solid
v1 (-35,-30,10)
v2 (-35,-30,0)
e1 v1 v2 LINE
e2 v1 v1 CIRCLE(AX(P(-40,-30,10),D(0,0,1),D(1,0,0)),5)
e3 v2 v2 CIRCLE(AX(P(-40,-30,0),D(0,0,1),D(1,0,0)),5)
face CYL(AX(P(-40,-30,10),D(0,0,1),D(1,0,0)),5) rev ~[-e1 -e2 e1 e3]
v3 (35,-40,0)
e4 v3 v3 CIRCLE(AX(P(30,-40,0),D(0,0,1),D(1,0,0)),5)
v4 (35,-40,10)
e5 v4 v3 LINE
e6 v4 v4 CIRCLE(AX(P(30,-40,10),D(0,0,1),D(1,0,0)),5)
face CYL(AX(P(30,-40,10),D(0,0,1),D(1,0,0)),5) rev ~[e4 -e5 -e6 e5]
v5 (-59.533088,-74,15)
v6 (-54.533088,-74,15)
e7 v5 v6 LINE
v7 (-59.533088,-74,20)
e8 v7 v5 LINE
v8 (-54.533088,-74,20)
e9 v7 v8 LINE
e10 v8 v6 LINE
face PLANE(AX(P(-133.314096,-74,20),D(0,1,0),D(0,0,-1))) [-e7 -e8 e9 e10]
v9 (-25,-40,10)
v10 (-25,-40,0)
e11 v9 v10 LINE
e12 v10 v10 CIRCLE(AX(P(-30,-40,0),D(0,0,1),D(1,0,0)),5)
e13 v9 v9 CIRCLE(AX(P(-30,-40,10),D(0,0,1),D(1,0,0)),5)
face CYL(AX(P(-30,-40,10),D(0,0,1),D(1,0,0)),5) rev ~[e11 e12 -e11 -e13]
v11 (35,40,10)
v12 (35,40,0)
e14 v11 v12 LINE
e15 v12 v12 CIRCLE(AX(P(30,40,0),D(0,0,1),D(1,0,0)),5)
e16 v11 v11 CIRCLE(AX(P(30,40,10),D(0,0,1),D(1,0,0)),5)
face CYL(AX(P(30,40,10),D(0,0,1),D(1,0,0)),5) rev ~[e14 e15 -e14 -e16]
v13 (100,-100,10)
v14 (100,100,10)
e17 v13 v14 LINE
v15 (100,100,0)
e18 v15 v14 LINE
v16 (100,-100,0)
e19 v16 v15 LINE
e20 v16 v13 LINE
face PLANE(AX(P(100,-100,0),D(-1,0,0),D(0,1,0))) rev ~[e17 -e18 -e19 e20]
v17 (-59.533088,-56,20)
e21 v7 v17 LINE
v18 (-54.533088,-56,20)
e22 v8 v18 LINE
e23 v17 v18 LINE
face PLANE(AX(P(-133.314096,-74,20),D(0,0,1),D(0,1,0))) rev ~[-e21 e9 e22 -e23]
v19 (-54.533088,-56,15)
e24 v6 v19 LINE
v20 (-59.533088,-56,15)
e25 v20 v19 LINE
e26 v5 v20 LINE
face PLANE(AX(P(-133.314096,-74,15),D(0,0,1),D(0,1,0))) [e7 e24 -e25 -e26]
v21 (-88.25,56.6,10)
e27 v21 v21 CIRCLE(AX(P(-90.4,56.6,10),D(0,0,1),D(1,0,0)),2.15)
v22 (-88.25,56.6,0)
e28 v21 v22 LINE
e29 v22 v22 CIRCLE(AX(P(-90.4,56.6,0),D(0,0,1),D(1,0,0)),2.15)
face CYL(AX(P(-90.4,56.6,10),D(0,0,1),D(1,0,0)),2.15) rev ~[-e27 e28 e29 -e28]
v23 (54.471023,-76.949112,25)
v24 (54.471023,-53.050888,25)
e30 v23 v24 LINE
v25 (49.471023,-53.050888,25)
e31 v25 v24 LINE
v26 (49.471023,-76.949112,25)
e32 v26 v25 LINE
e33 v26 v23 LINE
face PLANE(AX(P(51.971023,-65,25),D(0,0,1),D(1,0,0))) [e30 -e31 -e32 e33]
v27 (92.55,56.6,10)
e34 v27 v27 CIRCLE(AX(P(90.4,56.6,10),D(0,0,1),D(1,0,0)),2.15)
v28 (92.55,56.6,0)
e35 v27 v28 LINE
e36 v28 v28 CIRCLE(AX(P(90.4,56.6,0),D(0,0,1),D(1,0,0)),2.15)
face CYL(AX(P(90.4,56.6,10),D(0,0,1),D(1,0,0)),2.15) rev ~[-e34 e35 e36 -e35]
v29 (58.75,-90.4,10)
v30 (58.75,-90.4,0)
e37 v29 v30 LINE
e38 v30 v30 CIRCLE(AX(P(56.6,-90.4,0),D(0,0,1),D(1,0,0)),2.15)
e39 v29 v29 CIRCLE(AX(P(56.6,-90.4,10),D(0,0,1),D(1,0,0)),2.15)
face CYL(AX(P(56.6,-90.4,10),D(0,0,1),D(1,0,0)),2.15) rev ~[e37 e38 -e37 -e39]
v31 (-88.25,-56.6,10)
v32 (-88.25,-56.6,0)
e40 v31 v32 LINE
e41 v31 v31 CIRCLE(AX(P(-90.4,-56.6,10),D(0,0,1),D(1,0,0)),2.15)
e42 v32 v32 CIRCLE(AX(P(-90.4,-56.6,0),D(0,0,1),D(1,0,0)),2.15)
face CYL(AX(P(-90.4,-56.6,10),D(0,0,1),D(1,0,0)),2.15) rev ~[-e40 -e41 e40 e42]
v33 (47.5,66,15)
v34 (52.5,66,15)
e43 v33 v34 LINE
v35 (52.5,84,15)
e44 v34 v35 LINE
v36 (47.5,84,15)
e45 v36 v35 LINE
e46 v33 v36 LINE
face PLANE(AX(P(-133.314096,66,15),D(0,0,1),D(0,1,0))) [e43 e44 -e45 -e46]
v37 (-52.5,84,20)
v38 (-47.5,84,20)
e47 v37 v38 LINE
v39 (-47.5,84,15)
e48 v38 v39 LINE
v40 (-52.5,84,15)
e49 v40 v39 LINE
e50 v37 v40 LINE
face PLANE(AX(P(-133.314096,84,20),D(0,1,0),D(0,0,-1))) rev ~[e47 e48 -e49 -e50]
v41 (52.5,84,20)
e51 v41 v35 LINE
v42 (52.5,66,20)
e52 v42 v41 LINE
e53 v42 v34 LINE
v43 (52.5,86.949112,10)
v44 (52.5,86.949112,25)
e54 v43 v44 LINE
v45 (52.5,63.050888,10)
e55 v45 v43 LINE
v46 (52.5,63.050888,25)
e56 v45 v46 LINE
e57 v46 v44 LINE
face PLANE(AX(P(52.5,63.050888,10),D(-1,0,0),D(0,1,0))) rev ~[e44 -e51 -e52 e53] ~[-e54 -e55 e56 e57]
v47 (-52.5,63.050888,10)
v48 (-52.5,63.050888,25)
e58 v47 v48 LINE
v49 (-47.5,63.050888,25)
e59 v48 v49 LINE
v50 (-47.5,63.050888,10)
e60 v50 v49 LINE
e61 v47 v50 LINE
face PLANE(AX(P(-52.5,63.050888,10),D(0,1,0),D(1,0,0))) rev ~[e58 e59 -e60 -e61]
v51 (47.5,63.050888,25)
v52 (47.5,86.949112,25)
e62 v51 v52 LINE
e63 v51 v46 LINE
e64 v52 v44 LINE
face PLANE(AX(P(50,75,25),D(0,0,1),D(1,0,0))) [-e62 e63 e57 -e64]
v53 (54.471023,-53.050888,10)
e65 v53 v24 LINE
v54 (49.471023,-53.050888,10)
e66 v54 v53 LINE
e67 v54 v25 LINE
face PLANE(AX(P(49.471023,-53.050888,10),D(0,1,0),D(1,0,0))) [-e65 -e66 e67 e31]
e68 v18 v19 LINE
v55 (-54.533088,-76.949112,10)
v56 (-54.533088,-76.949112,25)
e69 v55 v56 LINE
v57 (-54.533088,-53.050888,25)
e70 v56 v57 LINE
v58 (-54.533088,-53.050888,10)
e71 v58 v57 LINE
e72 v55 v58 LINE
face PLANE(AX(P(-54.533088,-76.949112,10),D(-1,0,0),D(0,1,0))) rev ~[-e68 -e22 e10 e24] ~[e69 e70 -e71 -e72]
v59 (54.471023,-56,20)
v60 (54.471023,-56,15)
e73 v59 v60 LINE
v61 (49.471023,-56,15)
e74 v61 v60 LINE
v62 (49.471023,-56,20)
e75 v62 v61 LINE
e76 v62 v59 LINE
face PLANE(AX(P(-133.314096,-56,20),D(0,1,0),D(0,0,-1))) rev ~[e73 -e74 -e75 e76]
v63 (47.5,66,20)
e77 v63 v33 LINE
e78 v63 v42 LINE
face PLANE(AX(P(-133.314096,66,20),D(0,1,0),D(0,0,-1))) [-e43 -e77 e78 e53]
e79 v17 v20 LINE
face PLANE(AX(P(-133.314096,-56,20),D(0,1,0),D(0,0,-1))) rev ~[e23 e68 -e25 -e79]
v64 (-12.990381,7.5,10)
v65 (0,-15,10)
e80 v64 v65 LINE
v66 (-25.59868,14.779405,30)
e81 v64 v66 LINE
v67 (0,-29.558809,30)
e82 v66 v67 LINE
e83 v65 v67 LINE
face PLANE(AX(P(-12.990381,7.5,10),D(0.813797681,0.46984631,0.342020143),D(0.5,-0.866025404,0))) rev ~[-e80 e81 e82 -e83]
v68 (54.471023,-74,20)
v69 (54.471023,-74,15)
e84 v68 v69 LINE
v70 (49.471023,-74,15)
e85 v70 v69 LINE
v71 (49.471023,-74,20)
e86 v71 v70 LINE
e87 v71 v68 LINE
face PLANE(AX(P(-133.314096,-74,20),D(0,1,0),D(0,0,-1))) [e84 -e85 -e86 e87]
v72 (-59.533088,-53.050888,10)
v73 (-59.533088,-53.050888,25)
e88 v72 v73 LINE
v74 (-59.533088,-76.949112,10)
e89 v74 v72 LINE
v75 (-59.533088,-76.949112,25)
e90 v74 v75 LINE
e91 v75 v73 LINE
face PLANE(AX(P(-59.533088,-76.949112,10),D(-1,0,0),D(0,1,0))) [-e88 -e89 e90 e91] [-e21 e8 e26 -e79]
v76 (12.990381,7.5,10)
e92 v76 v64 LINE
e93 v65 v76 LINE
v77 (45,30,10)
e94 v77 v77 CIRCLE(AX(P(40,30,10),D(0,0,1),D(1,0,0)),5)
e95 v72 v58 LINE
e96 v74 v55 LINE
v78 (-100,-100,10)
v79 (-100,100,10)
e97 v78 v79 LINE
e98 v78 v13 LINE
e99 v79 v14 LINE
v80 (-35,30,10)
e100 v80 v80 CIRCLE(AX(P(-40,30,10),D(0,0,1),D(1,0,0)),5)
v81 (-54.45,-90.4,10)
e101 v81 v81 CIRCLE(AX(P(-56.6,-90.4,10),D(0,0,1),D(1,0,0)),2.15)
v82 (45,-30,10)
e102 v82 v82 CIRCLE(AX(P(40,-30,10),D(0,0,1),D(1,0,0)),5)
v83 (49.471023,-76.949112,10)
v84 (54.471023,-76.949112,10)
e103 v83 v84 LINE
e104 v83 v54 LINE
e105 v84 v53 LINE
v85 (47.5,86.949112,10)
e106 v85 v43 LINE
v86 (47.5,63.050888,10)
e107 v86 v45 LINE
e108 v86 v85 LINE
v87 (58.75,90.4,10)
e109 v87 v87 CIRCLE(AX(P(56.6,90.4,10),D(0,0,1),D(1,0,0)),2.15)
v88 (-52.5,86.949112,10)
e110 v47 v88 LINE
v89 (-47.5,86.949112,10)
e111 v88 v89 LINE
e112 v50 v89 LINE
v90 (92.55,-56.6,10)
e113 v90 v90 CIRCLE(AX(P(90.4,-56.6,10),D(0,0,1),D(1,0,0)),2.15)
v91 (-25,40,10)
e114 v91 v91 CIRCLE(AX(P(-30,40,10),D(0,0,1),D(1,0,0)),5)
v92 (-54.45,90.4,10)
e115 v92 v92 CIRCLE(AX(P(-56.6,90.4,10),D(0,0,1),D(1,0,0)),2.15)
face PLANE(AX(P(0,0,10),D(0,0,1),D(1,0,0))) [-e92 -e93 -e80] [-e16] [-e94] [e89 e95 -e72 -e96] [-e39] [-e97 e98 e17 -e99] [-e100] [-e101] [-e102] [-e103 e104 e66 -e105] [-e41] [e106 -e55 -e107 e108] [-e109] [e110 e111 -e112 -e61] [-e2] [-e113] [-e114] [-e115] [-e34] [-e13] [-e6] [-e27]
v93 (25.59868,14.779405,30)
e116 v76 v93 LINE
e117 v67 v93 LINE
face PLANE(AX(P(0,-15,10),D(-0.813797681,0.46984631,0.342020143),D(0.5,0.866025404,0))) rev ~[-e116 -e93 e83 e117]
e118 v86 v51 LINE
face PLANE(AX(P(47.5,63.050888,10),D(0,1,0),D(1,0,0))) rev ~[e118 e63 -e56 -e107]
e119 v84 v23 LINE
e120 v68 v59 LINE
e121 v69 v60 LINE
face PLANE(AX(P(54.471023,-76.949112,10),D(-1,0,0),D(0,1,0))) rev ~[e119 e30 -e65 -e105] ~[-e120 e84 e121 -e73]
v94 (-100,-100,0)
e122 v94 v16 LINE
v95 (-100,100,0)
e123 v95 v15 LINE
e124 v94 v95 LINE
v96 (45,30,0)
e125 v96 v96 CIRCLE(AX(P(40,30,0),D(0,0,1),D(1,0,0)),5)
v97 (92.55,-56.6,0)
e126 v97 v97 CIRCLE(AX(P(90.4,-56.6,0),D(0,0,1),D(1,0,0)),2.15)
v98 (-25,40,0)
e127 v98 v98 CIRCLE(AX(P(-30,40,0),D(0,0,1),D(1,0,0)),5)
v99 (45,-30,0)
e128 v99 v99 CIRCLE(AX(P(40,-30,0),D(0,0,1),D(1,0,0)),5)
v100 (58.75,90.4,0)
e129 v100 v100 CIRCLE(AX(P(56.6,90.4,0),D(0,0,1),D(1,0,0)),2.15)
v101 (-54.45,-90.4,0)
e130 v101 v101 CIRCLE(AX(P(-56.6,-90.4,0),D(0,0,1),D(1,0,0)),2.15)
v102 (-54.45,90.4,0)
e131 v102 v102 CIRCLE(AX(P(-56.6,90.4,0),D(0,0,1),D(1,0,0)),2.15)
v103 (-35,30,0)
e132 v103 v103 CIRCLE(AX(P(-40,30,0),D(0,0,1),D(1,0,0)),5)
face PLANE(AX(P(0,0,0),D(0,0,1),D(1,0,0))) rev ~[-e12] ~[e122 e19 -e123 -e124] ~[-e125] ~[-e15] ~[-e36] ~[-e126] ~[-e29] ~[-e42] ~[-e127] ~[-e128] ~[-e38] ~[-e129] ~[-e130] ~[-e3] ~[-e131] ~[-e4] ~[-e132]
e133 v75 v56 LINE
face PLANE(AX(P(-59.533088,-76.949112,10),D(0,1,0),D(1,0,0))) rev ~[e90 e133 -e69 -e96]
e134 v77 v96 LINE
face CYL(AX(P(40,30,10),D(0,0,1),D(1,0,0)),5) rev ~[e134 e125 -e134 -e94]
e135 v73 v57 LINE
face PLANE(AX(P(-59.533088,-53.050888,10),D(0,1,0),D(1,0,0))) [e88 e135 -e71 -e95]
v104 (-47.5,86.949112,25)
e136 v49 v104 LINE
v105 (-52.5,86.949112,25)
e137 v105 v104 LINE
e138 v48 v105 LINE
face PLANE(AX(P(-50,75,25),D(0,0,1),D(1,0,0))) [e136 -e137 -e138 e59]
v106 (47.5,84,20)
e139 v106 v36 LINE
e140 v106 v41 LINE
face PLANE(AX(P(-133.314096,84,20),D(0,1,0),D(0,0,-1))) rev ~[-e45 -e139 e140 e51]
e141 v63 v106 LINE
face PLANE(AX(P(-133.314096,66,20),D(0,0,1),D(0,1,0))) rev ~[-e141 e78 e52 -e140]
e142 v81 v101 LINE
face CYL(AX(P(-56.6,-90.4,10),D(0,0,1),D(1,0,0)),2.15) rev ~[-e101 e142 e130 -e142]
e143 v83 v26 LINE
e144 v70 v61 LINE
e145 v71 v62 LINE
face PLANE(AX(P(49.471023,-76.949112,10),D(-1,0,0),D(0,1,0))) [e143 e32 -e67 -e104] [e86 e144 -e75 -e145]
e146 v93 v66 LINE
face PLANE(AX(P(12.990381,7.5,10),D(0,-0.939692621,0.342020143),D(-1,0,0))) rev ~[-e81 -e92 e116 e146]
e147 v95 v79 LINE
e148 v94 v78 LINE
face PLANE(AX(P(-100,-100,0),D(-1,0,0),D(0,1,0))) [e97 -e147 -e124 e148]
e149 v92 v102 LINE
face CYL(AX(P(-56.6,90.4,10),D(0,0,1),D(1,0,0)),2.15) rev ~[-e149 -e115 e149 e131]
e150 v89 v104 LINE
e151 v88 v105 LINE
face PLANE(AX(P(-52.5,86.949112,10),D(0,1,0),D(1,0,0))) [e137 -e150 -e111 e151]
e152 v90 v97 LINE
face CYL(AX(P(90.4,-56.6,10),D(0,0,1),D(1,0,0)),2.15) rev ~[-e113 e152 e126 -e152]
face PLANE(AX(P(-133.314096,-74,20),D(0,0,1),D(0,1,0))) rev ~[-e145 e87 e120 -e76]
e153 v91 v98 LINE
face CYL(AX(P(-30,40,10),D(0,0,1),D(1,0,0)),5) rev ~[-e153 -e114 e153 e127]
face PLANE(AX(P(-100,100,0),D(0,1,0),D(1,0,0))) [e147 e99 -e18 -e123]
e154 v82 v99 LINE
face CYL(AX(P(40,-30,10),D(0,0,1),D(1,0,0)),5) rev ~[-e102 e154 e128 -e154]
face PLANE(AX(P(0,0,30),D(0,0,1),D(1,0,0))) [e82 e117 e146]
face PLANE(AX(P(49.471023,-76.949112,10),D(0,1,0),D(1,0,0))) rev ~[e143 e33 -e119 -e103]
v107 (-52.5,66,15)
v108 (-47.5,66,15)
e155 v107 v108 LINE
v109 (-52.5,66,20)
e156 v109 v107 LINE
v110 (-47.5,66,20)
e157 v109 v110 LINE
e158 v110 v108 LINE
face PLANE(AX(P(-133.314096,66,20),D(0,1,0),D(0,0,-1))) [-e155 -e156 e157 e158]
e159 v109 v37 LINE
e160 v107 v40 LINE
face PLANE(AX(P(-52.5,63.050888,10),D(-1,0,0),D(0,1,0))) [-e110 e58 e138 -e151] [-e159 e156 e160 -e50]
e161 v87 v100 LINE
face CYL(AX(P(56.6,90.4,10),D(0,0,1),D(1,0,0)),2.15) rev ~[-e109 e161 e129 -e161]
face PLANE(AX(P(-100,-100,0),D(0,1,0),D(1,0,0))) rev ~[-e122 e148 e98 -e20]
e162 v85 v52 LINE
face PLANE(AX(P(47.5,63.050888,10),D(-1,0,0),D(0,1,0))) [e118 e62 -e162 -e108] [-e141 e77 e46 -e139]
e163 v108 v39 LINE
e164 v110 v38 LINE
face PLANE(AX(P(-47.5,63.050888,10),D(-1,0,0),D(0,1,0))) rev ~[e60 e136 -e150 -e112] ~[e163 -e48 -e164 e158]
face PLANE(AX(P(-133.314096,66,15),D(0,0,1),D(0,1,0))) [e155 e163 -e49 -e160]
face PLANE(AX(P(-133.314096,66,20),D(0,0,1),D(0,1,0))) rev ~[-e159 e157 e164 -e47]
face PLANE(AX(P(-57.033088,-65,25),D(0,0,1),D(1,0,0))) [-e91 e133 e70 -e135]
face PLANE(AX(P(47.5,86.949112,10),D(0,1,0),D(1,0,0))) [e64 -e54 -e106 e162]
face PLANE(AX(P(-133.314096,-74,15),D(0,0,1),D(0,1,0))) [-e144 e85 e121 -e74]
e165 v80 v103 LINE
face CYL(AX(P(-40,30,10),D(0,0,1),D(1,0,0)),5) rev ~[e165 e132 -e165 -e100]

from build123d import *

# Parameters (mm, degrees)
SKETCH1_W               = 200
SKETCH1_H               = 200
BOSS_EXTRUDE1_DEPTH     = 10
SKETCH2_R               = 5
SKETCH2_R_2             = 2.15
CUT_EXTRUDE1_DEPTH      = 142.774468788
BOSS_EXTRUDE2_DEPTH     = 20
DRAFT3_ANGLE            = -20
SKETCH6_W               = 5
SKETCH6_H               = 23.898224132
BOSS_EXTRUDE3_DEPTH     = 15
CUT_EXTRUDE3_DEPTH      = 185.814095783
CUT_EXTRUDE3_DEPTH_BACK = 185.814095783
SKETCH7_W               = 5
SKETCH7_H               = 18


with BuildPart() as part:
    # Sketch1 → Boss-Extrude1 (new body)
    with BuildSketch(Plane.XY):
        Rectangle(SKETCH1_W, SKETCH1_H)
    extrude(amount=BOSS_EXTRUDE1_DEPTH)

    # Sketch2 → Cut-Extrude1 (cut, through all)
    with BuildSketch(Plane.XY.offset(10)):
        with Locations((-40, 30)):
            Circle(SKETCH2_R)
        with Locations((40, 30)):
            Circle(SKETCH2_R)
        with Locations((40, -30)):
            Circle(SKETCH2_R)
        with Locations((-40, -30)):
            Circle(SKETCH2_R)
        with Locations((-30, 40)):
            Circle(SKETCH2_R)
        with Locations((30, 40)):
            Circle(SKETCH2_R)
        with Locations((30, -40)):
            Circle(SKETCH2_R)
        with Locations((-30, -40)):
            Circle(SKETCH2_R)
        with Locations((-56.6, 90.4)):
            Circle(SKETCH2_R_2)
        with Locations((-90.4, 56.6)):
            Circle(SKETCH2_R_2)
        with Locations((-90.4, -56.6)):
            Circle(SKETCH2_R_2)
        with Locations((-56.6, -90.4)):
            Circle(SKETCH2_R_2)
        with Locations((56.6, -90.4)):
            Circle(SKETCH2_R_2)
        with Locations((90.4, -56.6)):
            Circle(SKETCH2_R_2)
        with Locations((90.4, 56.6)):
            Circle(SKETCH2_R_2)
        with Locations((56.6, 90.4)):
            Circle(SKETCH2_R_2)
    extrude(amount=-CUT_EXTRUDE1_DEPTH, mode=Mode.SUBTRACT)

    # Sketch4 → Boss-Extrude2 (add)
    with BuildSketch(Plane.XY.offset(10)):
        Polygon((0, -15), (12.990381057, 7.5), (-12.990381057, 7.5), align=None)
    extrude(amount=BOSS_EXTRUDE2_DEPTH)

    # Draft3
    draft3_faces = [part.faces().sort_by_distance(p)[0] for p in [
        (0, 7.5, 20),
        (-6.495190528, -3.75, 20),
        (6.495190528, -3.75, 20),
    ]]
    draft(draft3_faces, Plane.XY.offset(10), DRAFT3_ANGLE)

    # Sketch6 → Boss-Extrude3 (add)
    with BuildSketch(Plane.XY.offset(10)):
        with Locations((50, 75)):
            Rectangle(SKETCH6_W, SKETCH6_H)
        with Locations((-50, 75)):
            Rectangle(SKETCH6_W, SKETCH6_H)
        with Locations((-57.033087887, -65)):
            Rectangle(SKETCH6_W, SKETCH6_H)
        with Locations((51.971023082, -65)):
            Rectangle(SKETCH6_W, SKETCH6_H)
    extrude(amount=BOSS_EXTRUDE3_DEPTH)

    # Sketch7 → Cut-Extrude3 (cut, two sides: drawn at the far end of the back side and taken through both)
    with BuildSketch(Plane(origin=(52.5, 0, 0), x_dir=(0, 0, -1), z_dir=(1, 0, 0)).offset(-CUT_EXTRUDE3_DEPTH_BACK)):
        with Locations((-17.5, 75)):
            Rectangle(SKETCH7_W, SKETCH7_H)
        with Locations((-17.5, -65)):
            Rectangle(SKETCH7_W, SKETCH7_H)
    extrude(amount=CUT_EXTRUDE3_DEPTH + CUT_EXTRUDE3_DEPTH_BACK, mode=Mode.SUBTRACT)


solid = part.part
